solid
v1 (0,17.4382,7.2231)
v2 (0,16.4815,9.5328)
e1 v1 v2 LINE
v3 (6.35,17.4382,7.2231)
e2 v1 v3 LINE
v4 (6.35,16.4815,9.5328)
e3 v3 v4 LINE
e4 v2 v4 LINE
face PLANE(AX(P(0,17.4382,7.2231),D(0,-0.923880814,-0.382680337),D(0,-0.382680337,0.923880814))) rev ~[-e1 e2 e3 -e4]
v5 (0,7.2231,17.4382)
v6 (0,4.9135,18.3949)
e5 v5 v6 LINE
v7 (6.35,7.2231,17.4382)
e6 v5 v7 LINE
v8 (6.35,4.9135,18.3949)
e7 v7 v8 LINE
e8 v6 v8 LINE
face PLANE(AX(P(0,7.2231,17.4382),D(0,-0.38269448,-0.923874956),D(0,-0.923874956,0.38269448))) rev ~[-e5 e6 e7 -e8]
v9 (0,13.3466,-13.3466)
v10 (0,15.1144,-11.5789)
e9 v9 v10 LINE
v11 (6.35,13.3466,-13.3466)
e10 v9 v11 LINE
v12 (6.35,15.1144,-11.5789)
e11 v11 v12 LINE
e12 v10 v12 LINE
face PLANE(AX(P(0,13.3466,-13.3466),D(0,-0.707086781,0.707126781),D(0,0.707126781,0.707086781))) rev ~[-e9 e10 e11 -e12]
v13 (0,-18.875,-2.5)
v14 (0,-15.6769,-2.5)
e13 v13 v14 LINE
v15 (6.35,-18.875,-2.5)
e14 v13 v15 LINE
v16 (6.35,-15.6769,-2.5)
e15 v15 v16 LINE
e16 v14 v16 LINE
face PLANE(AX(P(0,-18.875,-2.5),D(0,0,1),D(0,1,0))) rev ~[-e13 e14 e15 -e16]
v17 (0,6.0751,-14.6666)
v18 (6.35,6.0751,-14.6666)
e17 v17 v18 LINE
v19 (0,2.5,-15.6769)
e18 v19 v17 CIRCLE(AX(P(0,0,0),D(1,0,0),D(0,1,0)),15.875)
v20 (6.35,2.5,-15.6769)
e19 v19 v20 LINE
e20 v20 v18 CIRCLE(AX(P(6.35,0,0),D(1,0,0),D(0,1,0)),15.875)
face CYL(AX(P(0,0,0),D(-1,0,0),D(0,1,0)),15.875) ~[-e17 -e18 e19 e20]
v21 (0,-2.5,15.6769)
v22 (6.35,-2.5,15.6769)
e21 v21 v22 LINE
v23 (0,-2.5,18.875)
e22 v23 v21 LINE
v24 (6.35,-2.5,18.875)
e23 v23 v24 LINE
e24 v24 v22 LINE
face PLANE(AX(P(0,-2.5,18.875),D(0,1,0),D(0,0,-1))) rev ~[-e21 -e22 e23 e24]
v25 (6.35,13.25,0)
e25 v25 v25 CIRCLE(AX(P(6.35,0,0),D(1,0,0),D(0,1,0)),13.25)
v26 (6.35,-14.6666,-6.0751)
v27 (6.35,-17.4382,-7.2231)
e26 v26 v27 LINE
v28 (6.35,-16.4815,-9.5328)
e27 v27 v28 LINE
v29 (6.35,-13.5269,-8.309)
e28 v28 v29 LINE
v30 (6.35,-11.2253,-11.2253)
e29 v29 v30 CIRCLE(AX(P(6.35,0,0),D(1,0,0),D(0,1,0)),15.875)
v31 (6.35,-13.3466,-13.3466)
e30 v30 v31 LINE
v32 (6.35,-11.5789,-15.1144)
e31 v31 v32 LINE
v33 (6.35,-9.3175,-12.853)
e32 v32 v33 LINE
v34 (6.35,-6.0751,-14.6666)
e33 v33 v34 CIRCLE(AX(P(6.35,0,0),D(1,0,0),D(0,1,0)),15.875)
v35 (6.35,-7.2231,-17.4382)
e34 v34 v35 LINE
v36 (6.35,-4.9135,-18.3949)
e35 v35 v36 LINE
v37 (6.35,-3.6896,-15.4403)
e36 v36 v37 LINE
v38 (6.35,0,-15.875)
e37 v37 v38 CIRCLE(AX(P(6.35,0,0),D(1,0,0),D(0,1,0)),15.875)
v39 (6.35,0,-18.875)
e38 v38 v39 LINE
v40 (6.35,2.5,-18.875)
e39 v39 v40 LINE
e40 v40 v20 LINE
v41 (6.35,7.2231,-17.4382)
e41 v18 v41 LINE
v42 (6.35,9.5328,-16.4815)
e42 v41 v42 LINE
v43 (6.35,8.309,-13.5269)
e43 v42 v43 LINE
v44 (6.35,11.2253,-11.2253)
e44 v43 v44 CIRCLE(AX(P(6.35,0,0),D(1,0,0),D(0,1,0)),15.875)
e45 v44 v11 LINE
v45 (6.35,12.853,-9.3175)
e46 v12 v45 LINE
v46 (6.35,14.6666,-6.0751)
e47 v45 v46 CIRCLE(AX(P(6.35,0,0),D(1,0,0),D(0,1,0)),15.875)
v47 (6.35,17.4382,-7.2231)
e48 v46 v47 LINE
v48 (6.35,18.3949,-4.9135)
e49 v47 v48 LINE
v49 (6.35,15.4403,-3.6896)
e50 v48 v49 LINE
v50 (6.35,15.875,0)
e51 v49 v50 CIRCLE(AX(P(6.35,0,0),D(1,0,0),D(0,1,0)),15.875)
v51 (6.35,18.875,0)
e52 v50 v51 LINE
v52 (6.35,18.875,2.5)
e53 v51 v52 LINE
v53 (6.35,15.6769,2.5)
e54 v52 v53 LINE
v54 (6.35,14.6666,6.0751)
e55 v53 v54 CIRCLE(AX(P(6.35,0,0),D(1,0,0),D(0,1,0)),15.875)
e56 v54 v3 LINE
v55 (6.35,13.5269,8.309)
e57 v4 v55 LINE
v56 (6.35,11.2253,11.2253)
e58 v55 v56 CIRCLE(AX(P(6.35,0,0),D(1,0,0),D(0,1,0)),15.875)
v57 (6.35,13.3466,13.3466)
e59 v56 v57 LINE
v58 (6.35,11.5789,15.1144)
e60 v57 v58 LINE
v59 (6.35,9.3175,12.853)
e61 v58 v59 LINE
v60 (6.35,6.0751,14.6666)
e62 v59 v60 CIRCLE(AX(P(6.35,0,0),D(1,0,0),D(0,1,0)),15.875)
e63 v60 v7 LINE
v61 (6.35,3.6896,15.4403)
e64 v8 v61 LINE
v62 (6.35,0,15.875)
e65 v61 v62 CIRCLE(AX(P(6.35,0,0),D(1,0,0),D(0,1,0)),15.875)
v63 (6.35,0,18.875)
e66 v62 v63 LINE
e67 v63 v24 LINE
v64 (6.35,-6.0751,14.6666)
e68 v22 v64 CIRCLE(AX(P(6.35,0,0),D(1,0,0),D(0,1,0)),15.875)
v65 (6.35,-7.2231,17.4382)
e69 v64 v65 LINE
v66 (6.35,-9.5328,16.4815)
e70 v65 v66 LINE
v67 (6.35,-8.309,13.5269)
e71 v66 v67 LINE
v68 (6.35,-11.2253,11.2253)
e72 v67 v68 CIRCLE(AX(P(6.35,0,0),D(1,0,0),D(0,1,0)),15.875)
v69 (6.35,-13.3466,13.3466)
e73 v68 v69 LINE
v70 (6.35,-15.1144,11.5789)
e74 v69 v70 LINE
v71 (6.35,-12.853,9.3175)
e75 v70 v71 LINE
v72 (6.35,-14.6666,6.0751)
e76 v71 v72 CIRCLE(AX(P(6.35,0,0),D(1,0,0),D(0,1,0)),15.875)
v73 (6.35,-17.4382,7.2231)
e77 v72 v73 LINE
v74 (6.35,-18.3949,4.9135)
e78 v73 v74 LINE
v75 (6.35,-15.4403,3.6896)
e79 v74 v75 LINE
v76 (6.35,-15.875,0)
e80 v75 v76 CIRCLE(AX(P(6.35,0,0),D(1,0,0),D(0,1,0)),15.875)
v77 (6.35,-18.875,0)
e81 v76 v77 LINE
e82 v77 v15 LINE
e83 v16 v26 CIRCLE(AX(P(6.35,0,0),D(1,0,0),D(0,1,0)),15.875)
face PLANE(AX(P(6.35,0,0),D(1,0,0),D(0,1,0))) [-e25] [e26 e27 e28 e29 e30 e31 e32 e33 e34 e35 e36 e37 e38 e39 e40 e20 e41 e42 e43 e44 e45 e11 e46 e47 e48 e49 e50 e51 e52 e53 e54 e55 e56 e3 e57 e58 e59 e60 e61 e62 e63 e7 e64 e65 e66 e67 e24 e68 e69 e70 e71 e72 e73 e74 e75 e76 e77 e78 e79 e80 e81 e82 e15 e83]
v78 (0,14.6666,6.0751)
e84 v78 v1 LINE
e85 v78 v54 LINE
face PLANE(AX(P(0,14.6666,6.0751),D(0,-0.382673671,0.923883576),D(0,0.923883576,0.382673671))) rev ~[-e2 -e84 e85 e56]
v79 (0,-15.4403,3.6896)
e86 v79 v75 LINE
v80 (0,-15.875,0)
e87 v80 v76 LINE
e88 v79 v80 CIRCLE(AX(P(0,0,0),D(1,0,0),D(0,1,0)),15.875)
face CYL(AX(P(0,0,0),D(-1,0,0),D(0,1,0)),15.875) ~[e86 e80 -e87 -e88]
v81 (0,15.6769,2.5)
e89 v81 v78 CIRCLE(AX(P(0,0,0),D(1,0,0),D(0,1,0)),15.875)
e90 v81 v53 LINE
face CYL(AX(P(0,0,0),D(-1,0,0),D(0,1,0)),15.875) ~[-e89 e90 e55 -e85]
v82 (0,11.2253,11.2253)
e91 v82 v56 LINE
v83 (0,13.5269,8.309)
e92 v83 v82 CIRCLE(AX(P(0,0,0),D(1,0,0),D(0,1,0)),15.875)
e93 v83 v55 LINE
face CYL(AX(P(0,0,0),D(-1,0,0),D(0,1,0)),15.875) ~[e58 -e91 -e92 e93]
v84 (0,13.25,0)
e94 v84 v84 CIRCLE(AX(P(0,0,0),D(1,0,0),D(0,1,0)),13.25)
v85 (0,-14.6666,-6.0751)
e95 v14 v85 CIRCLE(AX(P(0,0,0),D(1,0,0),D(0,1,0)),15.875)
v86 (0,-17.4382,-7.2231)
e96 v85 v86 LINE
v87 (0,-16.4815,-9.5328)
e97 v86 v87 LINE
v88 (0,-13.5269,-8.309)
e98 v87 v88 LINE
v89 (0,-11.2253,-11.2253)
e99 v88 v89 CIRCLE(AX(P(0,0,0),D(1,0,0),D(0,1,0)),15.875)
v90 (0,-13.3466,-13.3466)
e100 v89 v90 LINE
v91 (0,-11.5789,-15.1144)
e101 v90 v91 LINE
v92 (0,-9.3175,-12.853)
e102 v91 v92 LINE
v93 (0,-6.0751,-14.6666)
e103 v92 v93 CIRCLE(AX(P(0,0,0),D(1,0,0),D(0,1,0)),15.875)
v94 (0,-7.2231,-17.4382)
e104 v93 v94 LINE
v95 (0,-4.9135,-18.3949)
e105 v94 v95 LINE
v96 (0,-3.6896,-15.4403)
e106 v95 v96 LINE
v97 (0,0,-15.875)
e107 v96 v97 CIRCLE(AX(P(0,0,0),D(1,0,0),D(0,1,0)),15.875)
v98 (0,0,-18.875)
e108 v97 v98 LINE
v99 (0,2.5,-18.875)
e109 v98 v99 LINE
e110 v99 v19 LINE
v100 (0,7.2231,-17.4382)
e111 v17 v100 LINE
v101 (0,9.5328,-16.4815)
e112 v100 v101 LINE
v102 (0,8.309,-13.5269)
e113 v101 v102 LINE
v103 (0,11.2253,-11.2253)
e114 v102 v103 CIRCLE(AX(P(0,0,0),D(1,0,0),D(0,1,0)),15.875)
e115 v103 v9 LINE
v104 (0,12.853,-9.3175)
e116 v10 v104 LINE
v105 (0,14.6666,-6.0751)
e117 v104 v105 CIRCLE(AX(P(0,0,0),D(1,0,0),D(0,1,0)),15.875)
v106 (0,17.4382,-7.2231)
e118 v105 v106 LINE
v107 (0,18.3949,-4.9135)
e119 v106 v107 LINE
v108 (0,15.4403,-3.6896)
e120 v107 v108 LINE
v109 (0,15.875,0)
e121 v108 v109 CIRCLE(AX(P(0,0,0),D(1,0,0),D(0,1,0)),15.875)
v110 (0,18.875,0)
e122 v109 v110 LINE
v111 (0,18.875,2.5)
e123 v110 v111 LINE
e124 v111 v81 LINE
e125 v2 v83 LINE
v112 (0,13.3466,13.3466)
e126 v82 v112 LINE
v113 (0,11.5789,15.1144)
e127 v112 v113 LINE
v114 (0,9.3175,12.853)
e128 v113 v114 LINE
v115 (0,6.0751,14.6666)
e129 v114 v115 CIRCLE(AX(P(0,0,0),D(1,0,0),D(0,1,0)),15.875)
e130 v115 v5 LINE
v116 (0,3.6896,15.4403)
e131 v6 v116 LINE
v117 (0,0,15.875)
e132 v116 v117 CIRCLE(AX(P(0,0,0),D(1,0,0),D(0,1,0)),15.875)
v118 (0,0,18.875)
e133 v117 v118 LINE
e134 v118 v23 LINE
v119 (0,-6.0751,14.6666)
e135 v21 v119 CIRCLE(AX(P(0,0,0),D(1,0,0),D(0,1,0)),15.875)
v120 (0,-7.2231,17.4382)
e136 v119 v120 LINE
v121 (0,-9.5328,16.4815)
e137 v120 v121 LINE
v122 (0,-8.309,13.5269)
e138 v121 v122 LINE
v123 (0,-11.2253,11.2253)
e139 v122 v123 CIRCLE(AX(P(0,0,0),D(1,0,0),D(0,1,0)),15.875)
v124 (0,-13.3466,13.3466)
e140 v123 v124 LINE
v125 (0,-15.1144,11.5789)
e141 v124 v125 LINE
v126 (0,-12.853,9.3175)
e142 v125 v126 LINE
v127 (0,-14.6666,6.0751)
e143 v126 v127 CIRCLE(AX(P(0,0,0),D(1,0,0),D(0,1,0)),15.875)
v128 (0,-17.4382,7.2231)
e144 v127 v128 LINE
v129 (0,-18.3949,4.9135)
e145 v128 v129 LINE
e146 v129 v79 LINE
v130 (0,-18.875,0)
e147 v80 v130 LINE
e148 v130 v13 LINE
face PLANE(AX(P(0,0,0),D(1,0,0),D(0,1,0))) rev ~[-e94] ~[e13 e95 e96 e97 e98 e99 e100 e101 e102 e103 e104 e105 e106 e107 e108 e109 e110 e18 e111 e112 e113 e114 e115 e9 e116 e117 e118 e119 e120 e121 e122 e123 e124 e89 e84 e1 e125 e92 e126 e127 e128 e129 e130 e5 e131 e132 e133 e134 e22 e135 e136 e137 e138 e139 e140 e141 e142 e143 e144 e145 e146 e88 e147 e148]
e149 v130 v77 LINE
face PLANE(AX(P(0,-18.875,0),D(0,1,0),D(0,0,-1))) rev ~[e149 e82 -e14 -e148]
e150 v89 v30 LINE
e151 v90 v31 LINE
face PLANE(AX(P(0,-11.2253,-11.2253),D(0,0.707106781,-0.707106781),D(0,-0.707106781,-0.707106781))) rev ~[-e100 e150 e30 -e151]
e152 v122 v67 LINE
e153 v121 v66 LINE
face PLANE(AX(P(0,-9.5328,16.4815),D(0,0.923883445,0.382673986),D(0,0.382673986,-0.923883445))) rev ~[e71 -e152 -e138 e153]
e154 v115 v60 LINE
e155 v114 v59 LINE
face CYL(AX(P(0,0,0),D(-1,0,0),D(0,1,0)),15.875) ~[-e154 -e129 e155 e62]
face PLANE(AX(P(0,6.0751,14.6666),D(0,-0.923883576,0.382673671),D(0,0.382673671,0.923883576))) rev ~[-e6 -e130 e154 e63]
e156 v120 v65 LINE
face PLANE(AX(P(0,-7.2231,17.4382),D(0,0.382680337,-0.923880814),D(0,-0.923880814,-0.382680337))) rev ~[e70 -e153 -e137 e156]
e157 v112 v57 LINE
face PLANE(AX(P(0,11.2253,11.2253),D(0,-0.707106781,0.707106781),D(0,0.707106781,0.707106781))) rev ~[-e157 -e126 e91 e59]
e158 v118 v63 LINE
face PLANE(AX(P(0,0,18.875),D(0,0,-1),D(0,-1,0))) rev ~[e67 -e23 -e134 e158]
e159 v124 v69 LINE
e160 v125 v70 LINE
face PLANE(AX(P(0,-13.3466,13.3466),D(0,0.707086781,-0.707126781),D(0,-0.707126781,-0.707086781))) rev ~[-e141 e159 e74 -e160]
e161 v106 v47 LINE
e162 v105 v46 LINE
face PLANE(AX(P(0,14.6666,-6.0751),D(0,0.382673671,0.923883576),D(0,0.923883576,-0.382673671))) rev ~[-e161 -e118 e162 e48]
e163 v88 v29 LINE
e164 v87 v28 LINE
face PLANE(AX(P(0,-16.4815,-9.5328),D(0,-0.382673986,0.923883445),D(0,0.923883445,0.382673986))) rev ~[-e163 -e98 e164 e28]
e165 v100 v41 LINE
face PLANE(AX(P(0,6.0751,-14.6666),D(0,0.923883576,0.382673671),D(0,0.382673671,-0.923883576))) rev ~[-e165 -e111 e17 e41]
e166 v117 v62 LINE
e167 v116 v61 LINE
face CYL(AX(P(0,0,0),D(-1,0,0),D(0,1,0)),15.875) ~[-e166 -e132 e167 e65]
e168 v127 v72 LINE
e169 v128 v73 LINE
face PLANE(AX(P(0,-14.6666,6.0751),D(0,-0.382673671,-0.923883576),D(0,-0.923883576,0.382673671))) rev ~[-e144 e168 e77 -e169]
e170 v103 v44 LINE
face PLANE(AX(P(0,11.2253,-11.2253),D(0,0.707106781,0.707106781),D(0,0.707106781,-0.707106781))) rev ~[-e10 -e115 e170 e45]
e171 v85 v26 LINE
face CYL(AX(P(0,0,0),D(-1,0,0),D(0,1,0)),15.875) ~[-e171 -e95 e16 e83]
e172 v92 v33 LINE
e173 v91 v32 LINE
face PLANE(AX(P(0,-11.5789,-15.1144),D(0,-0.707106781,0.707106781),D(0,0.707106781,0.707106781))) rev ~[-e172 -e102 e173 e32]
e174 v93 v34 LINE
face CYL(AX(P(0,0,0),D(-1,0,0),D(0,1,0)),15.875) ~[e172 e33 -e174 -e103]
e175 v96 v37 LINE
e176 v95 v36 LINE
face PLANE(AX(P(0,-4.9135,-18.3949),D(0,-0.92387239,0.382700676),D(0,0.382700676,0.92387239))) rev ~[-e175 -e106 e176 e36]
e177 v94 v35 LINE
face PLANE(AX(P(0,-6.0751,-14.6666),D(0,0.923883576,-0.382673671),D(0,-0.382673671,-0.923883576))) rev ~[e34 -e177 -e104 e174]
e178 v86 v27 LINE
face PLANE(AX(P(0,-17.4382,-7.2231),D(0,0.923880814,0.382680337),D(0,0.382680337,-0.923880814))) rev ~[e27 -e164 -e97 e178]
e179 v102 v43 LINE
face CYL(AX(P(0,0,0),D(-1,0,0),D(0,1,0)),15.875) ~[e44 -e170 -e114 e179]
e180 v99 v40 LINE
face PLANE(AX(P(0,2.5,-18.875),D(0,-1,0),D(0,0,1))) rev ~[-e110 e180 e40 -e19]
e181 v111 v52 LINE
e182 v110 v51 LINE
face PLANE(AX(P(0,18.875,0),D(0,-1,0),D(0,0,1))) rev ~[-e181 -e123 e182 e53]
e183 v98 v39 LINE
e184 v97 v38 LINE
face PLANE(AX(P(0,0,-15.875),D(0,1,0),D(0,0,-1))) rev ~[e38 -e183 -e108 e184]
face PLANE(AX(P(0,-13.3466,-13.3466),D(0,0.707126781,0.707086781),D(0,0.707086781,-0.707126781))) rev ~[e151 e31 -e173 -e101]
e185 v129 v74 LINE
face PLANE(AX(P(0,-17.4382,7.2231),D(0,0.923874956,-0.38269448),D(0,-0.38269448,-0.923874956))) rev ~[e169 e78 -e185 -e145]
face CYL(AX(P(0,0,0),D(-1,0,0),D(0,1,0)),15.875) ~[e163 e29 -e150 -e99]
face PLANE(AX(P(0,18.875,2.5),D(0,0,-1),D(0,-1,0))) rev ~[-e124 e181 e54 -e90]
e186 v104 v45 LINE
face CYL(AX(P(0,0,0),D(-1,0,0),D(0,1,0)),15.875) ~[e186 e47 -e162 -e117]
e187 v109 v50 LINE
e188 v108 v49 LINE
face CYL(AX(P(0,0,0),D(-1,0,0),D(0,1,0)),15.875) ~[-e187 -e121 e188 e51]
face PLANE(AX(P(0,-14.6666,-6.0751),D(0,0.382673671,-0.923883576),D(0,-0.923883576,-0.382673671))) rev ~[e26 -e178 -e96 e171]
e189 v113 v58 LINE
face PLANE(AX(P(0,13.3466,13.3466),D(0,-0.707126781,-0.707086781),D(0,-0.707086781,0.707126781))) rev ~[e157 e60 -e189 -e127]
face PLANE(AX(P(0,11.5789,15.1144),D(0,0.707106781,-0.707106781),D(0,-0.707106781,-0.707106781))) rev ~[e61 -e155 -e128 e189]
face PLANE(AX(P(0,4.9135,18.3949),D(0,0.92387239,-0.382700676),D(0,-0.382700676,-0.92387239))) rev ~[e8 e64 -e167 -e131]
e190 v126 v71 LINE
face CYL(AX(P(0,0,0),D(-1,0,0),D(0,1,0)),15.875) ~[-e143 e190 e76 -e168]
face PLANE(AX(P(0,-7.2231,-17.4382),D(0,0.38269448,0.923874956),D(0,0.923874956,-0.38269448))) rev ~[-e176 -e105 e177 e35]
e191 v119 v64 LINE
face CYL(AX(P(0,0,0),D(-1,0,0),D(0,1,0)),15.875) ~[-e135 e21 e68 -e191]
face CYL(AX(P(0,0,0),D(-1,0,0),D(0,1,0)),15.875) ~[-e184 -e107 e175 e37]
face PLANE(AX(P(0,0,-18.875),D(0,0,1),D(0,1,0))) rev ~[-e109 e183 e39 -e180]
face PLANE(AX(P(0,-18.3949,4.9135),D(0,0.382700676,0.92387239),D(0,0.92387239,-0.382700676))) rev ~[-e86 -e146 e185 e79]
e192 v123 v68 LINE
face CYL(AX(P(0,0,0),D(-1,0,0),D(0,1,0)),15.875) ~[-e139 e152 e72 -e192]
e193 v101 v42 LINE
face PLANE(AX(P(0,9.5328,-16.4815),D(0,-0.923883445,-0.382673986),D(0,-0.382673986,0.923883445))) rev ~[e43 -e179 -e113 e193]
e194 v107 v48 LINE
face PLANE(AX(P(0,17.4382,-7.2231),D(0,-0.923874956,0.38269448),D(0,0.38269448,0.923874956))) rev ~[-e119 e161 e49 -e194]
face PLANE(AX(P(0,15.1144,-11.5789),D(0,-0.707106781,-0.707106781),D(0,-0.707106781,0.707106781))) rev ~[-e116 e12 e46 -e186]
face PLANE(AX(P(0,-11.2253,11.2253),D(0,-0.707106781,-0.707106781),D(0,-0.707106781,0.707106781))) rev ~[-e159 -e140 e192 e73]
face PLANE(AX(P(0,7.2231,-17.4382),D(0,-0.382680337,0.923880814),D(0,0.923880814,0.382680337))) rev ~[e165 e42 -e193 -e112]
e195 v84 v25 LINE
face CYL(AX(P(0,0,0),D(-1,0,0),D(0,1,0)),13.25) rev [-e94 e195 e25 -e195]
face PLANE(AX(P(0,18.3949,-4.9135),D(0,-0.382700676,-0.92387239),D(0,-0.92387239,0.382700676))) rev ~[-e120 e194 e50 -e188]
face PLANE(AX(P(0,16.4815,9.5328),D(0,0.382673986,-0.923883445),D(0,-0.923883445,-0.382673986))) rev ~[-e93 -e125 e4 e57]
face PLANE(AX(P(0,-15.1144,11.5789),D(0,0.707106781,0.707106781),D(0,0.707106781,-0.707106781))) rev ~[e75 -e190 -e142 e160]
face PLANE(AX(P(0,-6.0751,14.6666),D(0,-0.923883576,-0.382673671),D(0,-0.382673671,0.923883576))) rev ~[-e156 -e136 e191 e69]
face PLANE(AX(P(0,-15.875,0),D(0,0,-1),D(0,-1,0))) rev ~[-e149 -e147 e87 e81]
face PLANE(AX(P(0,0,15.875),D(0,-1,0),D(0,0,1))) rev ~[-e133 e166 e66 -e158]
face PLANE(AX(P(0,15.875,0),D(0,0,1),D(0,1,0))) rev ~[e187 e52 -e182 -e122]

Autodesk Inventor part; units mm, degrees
ref_plane "YZ Plane" through (0, 0, 0) normal (1, 0, 0) x (0, 1, 0)
ref_plane "XZ Plane" through (0, 0, 0) normal (0, 1, 0) x (-1, 0, 0)
ref_plane "XY Plane" through (0, 0, 0) normal (0, 0, 1) x (1, 0, 0)
sketch "Sketch1" plane through (0, 0, 0) normal (1, 0, 0) x (0, 1, 0)
  circle A0 centre (0, 0) radius 13.25
  circle A1 centre (0, 0) radius 15.875
  line L0 (15.875, 0) -> (18.875, 0)
  line L1 (18.875, 0) -> (18.875, 2.5)
  line L2 (18.875, 2.5) -> (15.6769, 2.5)
  line L3 (17.4382, 7.2231) -> (16.4815, 9.5328)
  line L4 (16.4815, 9.5328) -> (13.5269, 8.309)
  line L5 (14.6666, 6.0751) -> (17.4382, 7.2231)
  line L6 (13.3466, 13.3466) -> (11.5789, 15.1144)
  line L7 (11.5789, 15.1144) -> (9.3175, 12.853)
  line L8 (11.2253, 11.2253) -> (13.3466, 13.3466)
  line L9 (7.2231, 17.4382) -> (4.9135, 18.3949)
  line L10 (4.9135, 18.3949) -> (3.6896, 15.4403)
  line L11 (6.0751, 14.6666) -> (7.2231, 17.4382)
  line L12 (0, 18.875) -> (-2.5, 18.875)
  line L13 (-2.5, 18.875) -> (-2.5, 15.6769)
  line L14 (0, 15.875) -> (0, 18.875)
  line L15 (-7.2231, 17.4382) -> (-9.5328, 16.4815)
  line L16 (-9.5328, 16.4815) -> (-8.309, 13.5269)
  line L17 (-6.0751, 14.6666) -> (-7.2231, 17.4382)
  line L18 (-13.3466, 13.3466) -> (-15.1144, 11.5789)
  line L19 (-15.1144, 11.5789) -> (-12.853, 9.3175)
  line L20 (-11.2253, 11.2253) -> (-13.3466, 13.3466)
  line L21 (-17.4382, 7.2231) -> (-18.3949, 4.9135)
  line L22 (-18.3949, 4.9135) -> (-15.4403, 3.6896)
  line L23 (-14.6666, 6.0751) -> (-17.4382, 7.2231)
  line L24 (-18.875, 0) -> (-18.875, -2.5)
  line L25 (-18.875, -2.5) -> (-15.6769, -2.5)
  line L26 (-15.875, 0) -> (-18.875, 0)
  line L27 (-17.4382, -7.2231) -> (-16.4815, -9.5328)
  line L28 (-16.4815, -9.5328) -> (-13.5269, -8.309)
  line L29 (-14.6666, -6.0751) -> (-17.4382, -7.2231)
  line L30 (-13.3466, -13.3466) -> (-11.5789, -15.1144)
  line L31 (-11.5789, -15.1144) -> (-9.3175, -12.853)
  line L32 (-11.2253, -11.2253) -> (-13.3466, -13.3466)
  line L33 (-7.2231, -17.4382) -> (-4.9135, -18.3949)
  line L34 (-4.9135, -18.3949) -> (-3.6896, -15.4403)
  line L35 (-6.0751, -14.6666) -> (-7.2231, -17.4382)
  line L36 (0, -18.875) -> (2.5, -18.875)
  line L37 (2.5, -18.875) -> (2.5, -15.6769)
  line L38 (0, -15.875) -> (0, -18.875)
  line L39 (7.2231, -17.4382) -> (9.5328, -16.4815)
  line L40 (9.5328, -16.4815) -> (8.309, -13.5269)
  line L41 (6.0751, -14.6666) -> (7.2231, -17.4382)
  line L42 (13.3466, -13.3466) -> (15.1144, -11.5789)
  line L43 (15.1144, -11.5789) -> (12.853, -9.3175)
  line L44 (11.2253, -11.2253) -> (13.3466, -13.3466)
  line L45 (17.4382, -7.2231) -> (18.3949, -4.9135)
  line L46 (18.3949, -4.9135) -> (15.4403, -3.6896)
  line L47 (14.6666, -6.0751) -> (17.4382, -7.2231)
  dimension "d1" = 31.75
  dimension "d0" = 26.5
  dimension "d3" = 3
  dimension "d4" = 2.5
  dimension "d7" = 360
extrude "Extrusion1" add sketch "Sketch1" along normal blind 6.35
properties part number "wedge holder" material "ABS Plastic"
